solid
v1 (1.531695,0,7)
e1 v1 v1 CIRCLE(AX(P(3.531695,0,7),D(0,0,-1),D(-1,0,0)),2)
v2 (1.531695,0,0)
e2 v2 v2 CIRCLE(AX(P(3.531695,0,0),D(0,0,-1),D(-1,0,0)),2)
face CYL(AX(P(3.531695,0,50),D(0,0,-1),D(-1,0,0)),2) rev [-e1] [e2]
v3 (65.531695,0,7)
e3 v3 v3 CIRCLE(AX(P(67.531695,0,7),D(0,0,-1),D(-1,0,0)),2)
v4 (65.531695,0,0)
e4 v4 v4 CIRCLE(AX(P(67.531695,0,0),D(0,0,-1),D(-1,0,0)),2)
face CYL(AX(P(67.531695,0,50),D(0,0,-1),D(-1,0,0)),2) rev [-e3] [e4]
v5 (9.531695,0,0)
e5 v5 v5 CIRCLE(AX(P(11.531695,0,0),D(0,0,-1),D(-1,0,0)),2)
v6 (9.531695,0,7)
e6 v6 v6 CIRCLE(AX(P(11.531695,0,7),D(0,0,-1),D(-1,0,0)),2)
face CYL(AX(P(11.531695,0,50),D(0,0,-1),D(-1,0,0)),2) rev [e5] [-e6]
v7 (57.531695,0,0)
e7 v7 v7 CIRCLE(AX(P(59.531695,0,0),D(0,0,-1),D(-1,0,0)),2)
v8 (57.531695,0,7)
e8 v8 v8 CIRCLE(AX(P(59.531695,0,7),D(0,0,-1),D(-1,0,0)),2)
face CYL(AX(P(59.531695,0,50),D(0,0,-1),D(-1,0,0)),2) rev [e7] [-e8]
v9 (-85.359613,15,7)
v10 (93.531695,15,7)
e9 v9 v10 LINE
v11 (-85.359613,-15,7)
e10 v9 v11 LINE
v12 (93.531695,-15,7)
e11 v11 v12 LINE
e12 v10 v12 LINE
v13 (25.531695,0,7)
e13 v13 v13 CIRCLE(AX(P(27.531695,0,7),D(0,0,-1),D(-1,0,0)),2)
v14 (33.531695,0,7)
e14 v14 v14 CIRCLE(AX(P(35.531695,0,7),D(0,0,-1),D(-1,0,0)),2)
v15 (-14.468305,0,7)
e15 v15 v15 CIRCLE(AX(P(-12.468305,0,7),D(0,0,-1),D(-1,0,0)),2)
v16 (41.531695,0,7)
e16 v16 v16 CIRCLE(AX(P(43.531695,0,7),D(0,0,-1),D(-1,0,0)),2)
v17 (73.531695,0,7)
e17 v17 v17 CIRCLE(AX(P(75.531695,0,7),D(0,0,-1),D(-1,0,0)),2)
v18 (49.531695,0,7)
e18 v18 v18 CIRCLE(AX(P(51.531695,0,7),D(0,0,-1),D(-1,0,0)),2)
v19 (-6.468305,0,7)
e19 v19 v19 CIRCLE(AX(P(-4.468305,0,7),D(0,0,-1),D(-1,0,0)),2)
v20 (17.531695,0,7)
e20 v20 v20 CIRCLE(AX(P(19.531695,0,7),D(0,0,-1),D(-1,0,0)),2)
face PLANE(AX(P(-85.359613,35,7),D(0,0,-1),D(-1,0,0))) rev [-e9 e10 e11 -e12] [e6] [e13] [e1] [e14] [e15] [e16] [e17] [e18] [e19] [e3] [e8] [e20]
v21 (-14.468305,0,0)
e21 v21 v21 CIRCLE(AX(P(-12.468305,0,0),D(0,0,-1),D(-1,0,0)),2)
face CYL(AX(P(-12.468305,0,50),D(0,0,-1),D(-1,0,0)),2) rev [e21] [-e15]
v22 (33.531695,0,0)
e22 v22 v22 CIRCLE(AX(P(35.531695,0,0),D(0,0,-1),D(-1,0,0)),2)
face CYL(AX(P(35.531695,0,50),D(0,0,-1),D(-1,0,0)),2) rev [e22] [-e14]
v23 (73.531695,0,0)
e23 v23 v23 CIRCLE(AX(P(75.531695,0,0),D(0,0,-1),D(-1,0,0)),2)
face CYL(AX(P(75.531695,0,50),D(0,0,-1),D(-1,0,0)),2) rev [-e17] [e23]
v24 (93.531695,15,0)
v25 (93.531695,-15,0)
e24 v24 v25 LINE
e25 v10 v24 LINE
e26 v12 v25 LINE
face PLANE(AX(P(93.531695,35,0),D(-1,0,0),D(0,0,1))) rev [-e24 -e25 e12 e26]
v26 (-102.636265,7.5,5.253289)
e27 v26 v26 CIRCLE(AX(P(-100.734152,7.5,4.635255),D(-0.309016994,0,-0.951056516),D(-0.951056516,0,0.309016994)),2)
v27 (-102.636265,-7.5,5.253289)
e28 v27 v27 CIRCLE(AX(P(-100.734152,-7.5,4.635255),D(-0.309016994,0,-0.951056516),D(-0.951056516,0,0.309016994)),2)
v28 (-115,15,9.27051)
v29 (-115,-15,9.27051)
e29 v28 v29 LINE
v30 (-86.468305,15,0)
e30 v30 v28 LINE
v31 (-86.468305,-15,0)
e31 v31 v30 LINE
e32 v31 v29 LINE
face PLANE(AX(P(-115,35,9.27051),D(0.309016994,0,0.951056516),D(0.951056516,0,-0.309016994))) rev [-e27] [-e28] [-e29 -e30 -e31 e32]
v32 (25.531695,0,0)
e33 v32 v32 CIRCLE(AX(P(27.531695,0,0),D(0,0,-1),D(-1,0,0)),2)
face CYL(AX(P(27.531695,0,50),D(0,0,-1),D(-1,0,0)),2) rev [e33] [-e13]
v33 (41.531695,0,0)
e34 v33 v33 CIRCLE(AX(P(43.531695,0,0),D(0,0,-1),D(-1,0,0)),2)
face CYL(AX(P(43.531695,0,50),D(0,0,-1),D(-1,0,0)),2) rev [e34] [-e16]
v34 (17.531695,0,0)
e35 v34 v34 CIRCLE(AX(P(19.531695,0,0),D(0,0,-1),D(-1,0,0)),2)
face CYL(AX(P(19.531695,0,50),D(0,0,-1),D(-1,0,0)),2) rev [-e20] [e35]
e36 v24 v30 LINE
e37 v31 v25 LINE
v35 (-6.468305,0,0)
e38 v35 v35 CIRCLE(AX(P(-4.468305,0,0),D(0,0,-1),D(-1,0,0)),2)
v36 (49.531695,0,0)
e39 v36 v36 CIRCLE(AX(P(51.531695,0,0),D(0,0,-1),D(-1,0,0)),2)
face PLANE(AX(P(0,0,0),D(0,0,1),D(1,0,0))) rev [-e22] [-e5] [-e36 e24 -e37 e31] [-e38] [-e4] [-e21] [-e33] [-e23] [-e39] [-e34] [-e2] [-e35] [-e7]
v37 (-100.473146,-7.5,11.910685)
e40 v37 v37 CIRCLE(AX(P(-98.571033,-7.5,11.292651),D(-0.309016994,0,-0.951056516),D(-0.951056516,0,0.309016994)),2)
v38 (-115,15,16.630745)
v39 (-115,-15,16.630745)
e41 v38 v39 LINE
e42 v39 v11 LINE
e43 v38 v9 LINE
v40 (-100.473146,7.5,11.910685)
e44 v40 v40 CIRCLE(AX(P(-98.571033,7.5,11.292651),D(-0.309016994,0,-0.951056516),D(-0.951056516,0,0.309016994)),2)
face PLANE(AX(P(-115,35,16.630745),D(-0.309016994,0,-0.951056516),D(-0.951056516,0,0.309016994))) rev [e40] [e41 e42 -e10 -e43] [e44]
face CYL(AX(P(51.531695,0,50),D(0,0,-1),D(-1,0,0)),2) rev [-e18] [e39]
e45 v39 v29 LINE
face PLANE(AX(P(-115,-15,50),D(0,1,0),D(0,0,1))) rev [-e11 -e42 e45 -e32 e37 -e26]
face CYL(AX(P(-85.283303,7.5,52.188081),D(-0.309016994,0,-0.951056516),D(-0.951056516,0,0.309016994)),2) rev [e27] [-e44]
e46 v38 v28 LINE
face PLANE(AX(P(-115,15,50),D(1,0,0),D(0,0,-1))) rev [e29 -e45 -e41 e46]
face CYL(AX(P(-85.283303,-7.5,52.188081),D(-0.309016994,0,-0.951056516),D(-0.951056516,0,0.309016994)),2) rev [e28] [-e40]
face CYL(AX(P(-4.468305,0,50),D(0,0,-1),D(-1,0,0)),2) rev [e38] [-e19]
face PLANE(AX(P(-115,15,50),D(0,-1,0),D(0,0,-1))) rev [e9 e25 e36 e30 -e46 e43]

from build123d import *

# Parameters (mm, degrees)
SKETCH1_W           = 230
SKETCH1_H           = 30
BOSS_EXTRUDE1_DEPTH = 50
CUT_EXTRUDE1_DEPTH  = 50
SKETCH3_W           = 21.468304511
SKETCH3_H           = 50
CUT_EXTRUDE2_DEPTH  = 50
CUT_EXTRUDE3_DEPTH  = 50
SKETCH5_R           = 2
CUT_EXTRUDE4_DEPTH  = 50
SKETCH6_R           = 2
CUT_EXTRUDE5_DEPTH  = 50


with BuildPart() as part:
    # Sketch1 → Boss-Extrude1 (new body)
    with BuildSketch(Plane.XY):
        Rectangle(SKETCH1_W, SKETCH1_H)
    extrude(amount=BOSS_EXTRUDE1_DEPTH)

    # Sketch2 → Cut-Extrude1 (cut)
    with BuildSketch(Plane.XZ.offset(15)):
        Polygon((-115, 9.270509831), (-86.468304511, 0), (-115, 0), align=None)
    extrude(amount=-CUT_EXTRUDE1_DEPTH, mode=Mode.SUBTRACT)

    # Sketch3 → Cut-Extrude2 (cut)
    with BuildSketch(Plane.XZ.offset(15)):
        with Locations((104.265847745, 25)):
            Rectangle(SKETCH3_W, SKETCH3_H)
    extrude(amount=-CUT_EXTRUDE2_DEPTH, mode=Mode.SUBTRACT)

    # Sketch4 → Cut-Extrude3 (cut)
    with BuildSketch(Plane.XZ.offset(15)):
        Polygon((-115, 16.630745401), (-85.359613429, 7), (93.531695489, 7), (93.531695489, 50), (-115, 50), align=None)
    extrude(amount=-CUT_EXTRUDE3_DEPTH, mode=Mode.SUBTRACT)

    # Sketch5 → Cut-Extrude4 (cut)
    with BuildSketch(Plane(origin=(-8.256988343, 0, -25.412397091), x_dir=(-0.9510565162951533, 0, 0.3090169943749483), z_dir=(-0.3090169943749483, 0, -0.9510565162951534))):
        with Locations((97.236244458, 7.5)):
            Circle(SKETCH5_R)
        with Locations((97.236244458, -7.5)):
            Circle(SKETCH5_R)
    extrude(amount=-CUT_EXTRUDE4_DEPTH, mode=Mode.SUBTRACT)

    # Sketch6 → Cut-Extrude5 (cut)
    with BuildSketch(Plane(origin=(0, 0, 0), x_dir=(-1, 0, 0), z_dir=(0, 0, -1))):
        with Locations((-51.531695489, 0)):
            Circle(SKETCH6_R)
        with Locations((-59.531695489, 0)):
            Circle(SKETCH6_R)
        with Locations((-67.531695489, 0)):
            Circle(SKETCH6_R)
        with Locations((-75.531695489, 0)):
            Circle(SKETCH6_R)
        with Locations((-43.531695489, 0)):
            Circle(SKETCH6_R)
        with Locations((-35.531695489, 0)):
            Circle(SKETCH6_R)
        with Locations((-27.531695489, 0)):
            Circle(SKETCH6_R)
        with Locations((-19.531695489, 0)):
            Circle(SKETCH6_R)
        with Locations((-11.531695489, 0)):
            Circle(SKETCH6_R)
        with Locations((-3.531695489, 0)):
            Circle(SKETCH6_R)
        with Locations((4.468304511, 0)):
            Circle(SKETCH6_R)
        with Locations((12.468304511, 0)):
            Circle(SKETCH6_R)
    extrude(amount=-CUT_EXTRUDE5_DEPTH, mode=Mode.SUBTRACT)


solid = part.part
